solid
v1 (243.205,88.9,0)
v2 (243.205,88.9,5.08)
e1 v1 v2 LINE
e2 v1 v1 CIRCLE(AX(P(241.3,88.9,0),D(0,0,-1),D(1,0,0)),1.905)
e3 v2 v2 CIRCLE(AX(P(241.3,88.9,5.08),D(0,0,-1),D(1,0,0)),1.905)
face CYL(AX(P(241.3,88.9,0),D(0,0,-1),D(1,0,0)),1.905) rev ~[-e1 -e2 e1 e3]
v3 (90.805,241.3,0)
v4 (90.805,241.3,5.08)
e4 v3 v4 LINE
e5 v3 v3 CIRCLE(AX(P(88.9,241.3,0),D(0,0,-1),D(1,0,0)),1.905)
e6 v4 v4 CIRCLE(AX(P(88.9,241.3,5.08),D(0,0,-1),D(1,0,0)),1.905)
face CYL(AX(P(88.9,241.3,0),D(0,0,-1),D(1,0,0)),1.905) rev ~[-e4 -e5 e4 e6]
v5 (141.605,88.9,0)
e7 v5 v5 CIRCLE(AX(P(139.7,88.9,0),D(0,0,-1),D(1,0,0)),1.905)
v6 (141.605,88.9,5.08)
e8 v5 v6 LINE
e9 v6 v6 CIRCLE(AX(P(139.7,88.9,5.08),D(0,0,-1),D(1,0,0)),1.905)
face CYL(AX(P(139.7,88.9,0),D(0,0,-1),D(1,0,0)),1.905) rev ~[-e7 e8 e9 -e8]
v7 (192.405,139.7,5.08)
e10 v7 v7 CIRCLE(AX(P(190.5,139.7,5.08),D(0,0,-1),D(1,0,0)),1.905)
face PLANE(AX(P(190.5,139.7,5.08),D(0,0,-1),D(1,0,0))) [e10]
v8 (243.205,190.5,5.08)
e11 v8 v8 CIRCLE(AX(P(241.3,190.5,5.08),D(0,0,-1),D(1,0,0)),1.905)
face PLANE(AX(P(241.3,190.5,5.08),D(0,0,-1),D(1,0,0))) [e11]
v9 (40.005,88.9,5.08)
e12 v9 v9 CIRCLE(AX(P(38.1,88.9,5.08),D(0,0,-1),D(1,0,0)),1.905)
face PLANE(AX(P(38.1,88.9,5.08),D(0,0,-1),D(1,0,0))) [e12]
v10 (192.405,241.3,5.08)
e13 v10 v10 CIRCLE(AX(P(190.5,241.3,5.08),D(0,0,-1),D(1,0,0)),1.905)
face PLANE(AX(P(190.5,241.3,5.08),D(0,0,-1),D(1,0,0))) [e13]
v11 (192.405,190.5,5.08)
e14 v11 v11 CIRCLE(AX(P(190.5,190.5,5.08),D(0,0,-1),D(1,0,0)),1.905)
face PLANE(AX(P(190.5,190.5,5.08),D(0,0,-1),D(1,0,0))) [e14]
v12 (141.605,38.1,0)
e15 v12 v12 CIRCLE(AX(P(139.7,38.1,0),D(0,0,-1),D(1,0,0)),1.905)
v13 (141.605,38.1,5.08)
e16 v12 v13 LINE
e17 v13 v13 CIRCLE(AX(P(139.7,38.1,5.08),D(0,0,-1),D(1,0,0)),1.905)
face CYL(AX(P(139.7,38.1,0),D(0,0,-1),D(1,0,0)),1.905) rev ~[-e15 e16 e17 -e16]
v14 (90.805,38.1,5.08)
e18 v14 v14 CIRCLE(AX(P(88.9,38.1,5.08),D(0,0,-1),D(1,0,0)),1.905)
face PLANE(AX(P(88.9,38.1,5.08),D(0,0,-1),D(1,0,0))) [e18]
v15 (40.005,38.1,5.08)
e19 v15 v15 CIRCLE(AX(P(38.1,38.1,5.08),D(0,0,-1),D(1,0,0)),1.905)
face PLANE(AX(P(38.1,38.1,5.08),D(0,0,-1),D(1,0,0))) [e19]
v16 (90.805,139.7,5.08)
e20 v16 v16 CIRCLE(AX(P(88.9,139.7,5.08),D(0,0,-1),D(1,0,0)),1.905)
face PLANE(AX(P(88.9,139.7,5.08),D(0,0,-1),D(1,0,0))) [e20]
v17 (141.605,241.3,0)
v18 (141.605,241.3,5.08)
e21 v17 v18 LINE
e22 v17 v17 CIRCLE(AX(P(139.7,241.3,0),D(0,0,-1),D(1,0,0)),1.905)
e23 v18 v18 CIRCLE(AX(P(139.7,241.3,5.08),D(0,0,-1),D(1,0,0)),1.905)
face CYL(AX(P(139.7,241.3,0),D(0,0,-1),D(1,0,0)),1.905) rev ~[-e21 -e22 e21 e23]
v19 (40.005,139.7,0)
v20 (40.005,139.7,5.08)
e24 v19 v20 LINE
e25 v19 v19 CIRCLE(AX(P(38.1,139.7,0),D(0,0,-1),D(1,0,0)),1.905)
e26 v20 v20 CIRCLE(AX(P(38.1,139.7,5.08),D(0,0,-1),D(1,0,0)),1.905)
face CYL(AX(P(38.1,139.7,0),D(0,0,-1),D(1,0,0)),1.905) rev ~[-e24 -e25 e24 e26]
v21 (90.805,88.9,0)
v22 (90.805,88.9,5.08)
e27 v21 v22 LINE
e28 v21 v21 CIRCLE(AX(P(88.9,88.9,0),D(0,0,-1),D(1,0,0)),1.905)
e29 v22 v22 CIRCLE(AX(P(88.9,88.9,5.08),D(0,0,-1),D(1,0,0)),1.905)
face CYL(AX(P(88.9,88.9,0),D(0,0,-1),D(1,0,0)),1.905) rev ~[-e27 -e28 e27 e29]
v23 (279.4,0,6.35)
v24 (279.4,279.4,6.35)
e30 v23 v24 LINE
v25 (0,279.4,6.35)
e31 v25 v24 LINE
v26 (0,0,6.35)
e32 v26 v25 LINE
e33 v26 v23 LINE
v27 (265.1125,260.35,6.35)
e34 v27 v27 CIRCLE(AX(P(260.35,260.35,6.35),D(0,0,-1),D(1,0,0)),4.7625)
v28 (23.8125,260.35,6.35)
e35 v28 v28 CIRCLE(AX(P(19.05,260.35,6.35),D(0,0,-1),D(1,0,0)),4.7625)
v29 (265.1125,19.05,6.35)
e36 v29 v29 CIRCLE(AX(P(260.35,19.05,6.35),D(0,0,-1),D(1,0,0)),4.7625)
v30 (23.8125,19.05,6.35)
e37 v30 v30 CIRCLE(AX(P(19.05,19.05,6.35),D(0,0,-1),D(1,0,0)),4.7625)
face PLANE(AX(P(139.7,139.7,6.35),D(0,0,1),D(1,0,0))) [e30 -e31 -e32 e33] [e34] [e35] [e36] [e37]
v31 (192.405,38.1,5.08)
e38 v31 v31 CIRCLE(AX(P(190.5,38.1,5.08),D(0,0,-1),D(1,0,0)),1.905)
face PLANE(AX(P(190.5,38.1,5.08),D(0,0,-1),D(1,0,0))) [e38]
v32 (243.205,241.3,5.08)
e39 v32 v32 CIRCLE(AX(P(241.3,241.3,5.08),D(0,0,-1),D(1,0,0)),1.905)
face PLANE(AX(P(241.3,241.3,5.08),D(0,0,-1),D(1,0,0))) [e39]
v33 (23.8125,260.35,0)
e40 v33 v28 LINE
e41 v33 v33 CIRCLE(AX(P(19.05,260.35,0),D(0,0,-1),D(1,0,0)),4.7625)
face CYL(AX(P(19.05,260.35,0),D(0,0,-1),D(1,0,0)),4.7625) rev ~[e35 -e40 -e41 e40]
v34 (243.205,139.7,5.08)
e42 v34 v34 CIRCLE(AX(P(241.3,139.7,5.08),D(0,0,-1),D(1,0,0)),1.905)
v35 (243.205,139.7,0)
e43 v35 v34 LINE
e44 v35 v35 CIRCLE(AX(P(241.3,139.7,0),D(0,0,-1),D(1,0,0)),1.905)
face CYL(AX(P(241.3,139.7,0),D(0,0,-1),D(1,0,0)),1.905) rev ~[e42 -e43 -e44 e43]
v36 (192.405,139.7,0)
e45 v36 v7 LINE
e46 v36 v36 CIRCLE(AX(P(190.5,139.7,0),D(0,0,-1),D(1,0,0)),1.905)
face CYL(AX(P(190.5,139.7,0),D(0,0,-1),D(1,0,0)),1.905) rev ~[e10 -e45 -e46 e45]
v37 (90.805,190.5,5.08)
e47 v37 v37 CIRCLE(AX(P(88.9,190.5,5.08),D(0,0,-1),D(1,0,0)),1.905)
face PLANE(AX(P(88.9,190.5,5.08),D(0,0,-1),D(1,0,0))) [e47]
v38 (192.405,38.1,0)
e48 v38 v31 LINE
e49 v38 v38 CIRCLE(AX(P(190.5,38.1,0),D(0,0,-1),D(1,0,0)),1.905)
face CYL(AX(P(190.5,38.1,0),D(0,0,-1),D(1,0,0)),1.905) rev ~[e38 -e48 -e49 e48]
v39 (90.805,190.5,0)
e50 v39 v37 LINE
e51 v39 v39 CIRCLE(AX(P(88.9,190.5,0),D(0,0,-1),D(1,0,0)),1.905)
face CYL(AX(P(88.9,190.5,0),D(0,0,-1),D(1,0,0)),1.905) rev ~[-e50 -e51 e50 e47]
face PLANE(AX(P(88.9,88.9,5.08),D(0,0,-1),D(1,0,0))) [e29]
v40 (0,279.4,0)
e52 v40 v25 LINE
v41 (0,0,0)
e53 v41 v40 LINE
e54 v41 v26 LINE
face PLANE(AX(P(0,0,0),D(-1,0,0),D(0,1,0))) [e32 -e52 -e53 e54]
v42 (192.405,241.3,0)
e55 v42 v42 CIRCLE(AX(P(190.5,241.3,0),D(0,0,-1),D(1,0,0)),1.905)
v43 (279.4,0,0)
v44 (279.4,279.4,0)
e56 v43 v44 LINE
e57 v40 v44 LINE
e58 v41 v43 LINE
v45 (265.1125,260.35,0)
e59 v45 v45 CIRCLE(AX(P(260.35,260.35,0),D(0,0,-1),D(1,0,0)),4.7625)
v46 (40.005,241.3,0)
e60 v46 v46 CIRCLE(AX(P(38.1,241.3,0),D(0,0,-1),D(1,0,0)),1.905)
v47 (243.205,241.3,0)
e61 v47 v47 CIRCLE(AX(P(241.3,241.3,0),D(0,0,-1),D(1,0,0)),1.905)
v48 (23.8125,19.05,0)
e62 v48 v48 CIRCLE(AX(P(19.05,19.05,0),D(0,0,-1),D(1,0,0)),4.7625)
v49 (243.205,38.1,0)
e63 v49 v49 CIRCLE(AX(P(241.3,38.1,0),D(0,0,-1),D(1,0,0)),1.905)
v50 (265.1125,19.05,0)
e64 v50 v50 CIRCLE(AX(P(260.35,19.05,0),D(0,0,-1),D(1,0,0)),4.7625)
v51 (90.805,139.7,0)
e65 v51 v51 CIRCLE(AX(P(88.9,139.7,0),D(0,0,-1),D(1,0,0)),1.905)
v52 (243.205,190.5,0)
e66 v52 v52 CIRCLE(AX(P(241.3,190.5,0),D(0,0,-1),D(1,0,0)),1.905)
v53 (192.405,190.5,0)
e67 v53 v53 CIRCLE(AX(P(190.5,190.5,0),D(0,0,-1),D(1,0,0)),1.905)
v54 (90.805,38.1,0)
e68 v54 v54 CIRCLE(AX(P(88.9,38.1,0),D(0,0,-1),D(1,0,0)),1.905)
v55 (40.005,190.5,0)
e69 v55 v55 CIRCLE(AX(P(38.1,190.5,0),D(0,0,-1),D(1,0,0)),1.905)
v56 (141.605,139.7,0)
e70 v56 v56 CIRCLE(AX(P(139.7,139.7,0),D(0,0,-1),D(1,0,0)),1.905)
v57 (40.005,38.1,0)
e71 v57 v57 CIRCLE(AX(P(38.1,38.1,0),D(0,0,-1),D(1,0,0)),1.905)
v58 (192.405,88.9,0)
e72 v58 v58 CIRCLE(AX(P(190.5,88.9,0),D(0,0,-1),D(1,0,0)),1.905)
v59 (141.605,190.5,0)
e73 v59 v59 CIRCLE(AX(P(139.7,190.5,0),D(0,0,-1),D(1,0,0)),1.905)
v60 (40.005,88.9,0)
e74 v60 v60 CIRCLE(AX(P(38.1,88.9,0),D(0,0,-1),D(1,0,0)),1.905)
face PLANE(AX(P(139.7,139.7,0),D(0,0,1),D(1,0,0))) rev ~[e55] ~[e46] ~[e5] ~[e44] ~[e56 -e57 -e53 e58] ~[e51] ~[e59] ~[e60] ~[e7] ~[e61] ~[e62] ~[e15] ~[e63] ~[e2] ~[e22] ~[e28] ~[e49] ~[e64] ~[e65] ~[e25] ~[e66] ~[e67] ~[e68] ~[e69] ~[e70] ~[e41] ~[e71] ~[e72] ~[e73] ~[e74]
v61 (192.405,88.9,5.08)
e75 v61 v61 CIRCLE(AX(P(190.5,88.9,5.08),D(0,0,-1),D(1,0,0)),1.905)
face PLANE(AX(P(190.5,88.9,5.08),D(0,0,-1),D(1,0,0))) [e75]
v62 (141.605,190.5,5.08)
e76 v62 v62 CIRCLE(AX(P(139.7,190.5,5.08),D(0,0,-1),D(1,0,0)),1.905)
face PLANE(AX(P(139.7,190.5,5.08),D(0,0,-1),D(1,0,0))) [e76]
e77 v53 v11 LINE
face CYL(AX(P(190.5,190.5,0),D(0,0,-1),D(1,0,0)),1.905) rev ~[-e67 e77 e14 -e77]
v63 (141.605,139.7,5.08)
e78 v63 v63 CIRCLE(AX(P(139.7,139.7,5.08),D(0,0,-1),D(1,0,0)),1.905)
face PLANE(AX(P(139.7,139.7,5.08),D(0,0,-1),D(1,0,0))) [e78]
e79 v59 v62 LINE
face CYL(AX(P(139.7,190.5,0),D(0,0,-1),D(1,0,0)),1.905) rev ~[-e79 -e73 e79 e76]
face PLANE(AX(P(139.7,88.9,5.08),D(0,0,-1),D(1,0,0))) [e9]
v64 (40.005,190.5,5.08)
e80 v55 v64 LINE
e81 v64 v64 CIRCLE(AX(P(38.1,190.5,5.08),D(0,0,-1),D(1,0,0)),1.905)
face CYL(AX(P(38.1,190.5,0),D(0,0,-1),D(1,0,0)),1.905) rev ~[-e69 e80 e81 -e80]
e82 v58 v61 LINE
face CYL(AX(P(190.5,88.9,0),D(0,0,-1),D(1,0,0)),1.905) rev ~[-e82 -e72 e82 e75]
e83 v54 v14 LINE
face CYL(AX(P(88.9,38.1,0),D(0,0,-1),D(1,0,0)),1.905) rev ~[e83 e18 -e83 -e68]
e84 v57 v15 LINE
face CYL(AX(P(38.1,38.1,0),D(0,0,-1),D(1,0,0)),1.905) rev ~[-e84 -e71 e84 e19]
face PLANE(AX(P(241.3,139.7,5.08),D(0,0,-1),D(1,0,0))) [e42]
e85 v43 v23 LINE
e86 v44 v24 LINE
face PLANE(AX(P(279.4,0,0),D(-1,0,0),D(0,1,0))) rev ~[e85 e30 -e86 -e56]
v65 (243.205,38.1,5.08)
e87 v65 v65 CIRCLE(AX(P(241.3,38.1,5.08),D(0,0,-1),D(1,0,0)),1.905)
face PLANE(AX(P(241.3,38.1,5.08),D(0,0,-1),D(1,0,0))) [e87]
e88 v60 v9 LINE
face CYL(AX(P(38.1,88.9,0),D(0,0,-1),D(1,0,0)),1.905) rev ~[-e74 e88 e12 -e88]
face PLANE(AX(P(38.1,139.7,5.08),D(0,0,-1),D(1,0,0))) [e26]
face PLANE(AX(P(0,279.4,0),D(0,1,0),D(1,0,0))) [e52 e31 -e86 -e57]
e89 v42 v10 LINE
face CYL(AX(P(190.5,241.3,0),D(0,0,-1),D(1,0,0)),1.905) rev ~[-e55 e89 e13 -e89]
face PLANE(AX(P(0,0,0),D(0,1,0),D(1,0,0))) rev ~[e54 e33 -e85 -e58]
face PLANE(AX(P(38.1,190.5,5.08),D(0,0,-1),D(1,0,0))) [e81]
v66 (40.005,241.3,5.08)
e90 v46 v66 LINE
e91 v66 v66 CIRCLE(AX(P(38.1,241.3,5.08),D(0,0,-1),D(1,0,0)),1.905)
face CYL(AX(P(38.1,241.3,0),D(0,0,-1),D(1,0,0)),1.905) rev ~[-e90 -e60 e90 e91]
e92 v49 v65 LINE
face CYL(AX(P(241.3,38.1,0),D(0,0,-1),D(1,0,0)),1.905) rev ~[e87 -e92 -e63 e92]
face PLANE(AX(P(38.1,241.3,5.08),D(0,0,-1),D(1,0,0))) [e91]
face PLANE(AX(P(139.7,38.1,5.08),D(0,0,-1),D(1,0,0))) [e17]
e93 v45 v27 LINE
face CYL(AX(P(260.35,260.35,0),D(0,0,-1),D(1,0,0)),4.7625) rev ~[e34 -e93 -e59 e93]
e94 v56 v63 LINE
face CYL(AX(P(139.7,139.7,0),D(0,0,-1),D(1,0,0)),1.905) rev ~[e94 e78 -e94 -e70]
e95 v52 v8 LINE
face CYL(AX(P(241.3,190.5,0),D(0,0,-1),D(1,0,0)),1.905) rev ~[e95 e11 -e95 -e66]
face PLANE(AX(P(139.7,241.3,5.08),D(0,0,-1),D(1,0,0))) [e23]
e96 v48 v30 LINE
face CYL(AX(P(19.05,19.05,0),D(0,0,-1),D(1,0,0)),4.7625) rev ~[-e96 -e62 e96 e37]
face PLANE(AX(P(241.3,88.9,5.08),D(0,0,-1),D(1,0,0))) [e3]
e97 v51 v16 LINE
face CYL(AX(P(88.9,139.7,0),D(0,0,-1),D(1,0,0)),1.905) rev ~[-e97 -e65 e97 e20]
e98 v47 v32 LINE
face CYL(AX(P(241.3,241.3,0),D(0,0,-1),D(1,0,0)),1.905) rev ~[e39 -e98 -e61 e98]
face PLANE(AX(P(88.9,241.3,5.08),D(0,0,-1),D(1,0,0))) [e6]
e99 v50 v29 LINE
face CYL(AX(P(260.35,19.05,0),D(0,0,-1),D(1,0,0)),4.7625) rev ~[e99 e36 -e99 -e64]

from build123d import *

# Parameters (mm, degrees)
F0_W     = 279.4
F0_H     = 279.4
F1_DEPTH = 6.35
F2_R     = 1.905
F3_DEPTH = 5.08
F4_R     = 4.7625
F5_DEPTH = 6.351


with BuildPart() as f1:
    # F0 (on Top) → F1 (new body)
    with BuildSketch(Plane.XY):
        with Locations((139.7, 139.7)):
            Rectangle(F0_W, F0_H)
    extrude(amount=F1_DEPTH)

    # F2 (on face) → F3 (cut)
    with BuildSketch(Plane(origin=(0, 0, 0), x_dir=(1, 0, 0), z_dir=(0, 0, -1))):
        with Locations((38.1, -38.1)):
            Circle(F2_R)
        with Locations((88.9, -38.1)):
            Circle(F2_R)
        with Locations((139.7, -38.1)):
            Circle(F2_R)
        with Locations((241.3, -38.1)):
            Circle(F2_R)
        with Locations((190.5, -38.1)):
            Circle(F2_R)
        with Locations((38.1, -88.9)):
            Circle(F2_R)
        with Locations((88.9, -88.9)):
            Circle(F2_R)
        with Locations((139.7, -88.9)):
            Circle(F2_R)
        with Locations((190.5, -88.9)):
            Circle(F2_R)
        with Locations((241.3, -88.9)):
            Circle(F2_R)
        with Locations((38.1, -139.7)):
            Circle(F2_R)
        with Locations((88.9, -139.7)):
            Circle(F2_R)
        with Locations((139.7, -139.7)):
            Circle(F2_R)
        with Locations((190.5, -139.7)):
            Circle(F2_R)
        with Locations((241.3, -139.7)):
            Circle(F2_R)
        with Locations((241.3, -190.5)):
            Circle(F2_R)
        with Locations((190.5, -190.5)):
            Circle(F2_R)
        with Locations((139.7, -190.5)):
            Circle(F2_R)
        with Locations((88.9, -190.5)):
            Circle(F2_R)
        with Locations((38.1, -190.5)):
            Circle(F2_R)
        with Locations((38.1, -241.3)):
            Circle(F2_R)
        with Locations((88.9, -241.3)):
            Circle(F2_R)
        with Locations((139.7, -241.3)):
            Circle(F2_R)
        with Locations((190.5, -241.3)):
            Circle(F2_R)
        with Locations((241.3, -241.3)):
            Circle(F2_R)
    extrude(amount=-F3_DEPTH, mode=Mode.SUBTRACT)

    # F4 (on face) → F5 (cut, through all)
    with BuildSketch(Plane(origin=(0, 0, 0), x_dir=(1, 0, 0), z_dir=(0, 0, -1))):
        with Locations((19.05, -19.05)):
            Circle(F4_R)
        with Locations((260.35, -260.35)):
            Circle(F4_R)
        with Locations((19.05, -260.35)):
            Circle(F4_R)
        with Locations((260.35, -19.05)):
            Circle(F4_R)
    extrude(amount=-F5_DEPTH, mode=Mode.SUBTRACT)


solid = f1.part
